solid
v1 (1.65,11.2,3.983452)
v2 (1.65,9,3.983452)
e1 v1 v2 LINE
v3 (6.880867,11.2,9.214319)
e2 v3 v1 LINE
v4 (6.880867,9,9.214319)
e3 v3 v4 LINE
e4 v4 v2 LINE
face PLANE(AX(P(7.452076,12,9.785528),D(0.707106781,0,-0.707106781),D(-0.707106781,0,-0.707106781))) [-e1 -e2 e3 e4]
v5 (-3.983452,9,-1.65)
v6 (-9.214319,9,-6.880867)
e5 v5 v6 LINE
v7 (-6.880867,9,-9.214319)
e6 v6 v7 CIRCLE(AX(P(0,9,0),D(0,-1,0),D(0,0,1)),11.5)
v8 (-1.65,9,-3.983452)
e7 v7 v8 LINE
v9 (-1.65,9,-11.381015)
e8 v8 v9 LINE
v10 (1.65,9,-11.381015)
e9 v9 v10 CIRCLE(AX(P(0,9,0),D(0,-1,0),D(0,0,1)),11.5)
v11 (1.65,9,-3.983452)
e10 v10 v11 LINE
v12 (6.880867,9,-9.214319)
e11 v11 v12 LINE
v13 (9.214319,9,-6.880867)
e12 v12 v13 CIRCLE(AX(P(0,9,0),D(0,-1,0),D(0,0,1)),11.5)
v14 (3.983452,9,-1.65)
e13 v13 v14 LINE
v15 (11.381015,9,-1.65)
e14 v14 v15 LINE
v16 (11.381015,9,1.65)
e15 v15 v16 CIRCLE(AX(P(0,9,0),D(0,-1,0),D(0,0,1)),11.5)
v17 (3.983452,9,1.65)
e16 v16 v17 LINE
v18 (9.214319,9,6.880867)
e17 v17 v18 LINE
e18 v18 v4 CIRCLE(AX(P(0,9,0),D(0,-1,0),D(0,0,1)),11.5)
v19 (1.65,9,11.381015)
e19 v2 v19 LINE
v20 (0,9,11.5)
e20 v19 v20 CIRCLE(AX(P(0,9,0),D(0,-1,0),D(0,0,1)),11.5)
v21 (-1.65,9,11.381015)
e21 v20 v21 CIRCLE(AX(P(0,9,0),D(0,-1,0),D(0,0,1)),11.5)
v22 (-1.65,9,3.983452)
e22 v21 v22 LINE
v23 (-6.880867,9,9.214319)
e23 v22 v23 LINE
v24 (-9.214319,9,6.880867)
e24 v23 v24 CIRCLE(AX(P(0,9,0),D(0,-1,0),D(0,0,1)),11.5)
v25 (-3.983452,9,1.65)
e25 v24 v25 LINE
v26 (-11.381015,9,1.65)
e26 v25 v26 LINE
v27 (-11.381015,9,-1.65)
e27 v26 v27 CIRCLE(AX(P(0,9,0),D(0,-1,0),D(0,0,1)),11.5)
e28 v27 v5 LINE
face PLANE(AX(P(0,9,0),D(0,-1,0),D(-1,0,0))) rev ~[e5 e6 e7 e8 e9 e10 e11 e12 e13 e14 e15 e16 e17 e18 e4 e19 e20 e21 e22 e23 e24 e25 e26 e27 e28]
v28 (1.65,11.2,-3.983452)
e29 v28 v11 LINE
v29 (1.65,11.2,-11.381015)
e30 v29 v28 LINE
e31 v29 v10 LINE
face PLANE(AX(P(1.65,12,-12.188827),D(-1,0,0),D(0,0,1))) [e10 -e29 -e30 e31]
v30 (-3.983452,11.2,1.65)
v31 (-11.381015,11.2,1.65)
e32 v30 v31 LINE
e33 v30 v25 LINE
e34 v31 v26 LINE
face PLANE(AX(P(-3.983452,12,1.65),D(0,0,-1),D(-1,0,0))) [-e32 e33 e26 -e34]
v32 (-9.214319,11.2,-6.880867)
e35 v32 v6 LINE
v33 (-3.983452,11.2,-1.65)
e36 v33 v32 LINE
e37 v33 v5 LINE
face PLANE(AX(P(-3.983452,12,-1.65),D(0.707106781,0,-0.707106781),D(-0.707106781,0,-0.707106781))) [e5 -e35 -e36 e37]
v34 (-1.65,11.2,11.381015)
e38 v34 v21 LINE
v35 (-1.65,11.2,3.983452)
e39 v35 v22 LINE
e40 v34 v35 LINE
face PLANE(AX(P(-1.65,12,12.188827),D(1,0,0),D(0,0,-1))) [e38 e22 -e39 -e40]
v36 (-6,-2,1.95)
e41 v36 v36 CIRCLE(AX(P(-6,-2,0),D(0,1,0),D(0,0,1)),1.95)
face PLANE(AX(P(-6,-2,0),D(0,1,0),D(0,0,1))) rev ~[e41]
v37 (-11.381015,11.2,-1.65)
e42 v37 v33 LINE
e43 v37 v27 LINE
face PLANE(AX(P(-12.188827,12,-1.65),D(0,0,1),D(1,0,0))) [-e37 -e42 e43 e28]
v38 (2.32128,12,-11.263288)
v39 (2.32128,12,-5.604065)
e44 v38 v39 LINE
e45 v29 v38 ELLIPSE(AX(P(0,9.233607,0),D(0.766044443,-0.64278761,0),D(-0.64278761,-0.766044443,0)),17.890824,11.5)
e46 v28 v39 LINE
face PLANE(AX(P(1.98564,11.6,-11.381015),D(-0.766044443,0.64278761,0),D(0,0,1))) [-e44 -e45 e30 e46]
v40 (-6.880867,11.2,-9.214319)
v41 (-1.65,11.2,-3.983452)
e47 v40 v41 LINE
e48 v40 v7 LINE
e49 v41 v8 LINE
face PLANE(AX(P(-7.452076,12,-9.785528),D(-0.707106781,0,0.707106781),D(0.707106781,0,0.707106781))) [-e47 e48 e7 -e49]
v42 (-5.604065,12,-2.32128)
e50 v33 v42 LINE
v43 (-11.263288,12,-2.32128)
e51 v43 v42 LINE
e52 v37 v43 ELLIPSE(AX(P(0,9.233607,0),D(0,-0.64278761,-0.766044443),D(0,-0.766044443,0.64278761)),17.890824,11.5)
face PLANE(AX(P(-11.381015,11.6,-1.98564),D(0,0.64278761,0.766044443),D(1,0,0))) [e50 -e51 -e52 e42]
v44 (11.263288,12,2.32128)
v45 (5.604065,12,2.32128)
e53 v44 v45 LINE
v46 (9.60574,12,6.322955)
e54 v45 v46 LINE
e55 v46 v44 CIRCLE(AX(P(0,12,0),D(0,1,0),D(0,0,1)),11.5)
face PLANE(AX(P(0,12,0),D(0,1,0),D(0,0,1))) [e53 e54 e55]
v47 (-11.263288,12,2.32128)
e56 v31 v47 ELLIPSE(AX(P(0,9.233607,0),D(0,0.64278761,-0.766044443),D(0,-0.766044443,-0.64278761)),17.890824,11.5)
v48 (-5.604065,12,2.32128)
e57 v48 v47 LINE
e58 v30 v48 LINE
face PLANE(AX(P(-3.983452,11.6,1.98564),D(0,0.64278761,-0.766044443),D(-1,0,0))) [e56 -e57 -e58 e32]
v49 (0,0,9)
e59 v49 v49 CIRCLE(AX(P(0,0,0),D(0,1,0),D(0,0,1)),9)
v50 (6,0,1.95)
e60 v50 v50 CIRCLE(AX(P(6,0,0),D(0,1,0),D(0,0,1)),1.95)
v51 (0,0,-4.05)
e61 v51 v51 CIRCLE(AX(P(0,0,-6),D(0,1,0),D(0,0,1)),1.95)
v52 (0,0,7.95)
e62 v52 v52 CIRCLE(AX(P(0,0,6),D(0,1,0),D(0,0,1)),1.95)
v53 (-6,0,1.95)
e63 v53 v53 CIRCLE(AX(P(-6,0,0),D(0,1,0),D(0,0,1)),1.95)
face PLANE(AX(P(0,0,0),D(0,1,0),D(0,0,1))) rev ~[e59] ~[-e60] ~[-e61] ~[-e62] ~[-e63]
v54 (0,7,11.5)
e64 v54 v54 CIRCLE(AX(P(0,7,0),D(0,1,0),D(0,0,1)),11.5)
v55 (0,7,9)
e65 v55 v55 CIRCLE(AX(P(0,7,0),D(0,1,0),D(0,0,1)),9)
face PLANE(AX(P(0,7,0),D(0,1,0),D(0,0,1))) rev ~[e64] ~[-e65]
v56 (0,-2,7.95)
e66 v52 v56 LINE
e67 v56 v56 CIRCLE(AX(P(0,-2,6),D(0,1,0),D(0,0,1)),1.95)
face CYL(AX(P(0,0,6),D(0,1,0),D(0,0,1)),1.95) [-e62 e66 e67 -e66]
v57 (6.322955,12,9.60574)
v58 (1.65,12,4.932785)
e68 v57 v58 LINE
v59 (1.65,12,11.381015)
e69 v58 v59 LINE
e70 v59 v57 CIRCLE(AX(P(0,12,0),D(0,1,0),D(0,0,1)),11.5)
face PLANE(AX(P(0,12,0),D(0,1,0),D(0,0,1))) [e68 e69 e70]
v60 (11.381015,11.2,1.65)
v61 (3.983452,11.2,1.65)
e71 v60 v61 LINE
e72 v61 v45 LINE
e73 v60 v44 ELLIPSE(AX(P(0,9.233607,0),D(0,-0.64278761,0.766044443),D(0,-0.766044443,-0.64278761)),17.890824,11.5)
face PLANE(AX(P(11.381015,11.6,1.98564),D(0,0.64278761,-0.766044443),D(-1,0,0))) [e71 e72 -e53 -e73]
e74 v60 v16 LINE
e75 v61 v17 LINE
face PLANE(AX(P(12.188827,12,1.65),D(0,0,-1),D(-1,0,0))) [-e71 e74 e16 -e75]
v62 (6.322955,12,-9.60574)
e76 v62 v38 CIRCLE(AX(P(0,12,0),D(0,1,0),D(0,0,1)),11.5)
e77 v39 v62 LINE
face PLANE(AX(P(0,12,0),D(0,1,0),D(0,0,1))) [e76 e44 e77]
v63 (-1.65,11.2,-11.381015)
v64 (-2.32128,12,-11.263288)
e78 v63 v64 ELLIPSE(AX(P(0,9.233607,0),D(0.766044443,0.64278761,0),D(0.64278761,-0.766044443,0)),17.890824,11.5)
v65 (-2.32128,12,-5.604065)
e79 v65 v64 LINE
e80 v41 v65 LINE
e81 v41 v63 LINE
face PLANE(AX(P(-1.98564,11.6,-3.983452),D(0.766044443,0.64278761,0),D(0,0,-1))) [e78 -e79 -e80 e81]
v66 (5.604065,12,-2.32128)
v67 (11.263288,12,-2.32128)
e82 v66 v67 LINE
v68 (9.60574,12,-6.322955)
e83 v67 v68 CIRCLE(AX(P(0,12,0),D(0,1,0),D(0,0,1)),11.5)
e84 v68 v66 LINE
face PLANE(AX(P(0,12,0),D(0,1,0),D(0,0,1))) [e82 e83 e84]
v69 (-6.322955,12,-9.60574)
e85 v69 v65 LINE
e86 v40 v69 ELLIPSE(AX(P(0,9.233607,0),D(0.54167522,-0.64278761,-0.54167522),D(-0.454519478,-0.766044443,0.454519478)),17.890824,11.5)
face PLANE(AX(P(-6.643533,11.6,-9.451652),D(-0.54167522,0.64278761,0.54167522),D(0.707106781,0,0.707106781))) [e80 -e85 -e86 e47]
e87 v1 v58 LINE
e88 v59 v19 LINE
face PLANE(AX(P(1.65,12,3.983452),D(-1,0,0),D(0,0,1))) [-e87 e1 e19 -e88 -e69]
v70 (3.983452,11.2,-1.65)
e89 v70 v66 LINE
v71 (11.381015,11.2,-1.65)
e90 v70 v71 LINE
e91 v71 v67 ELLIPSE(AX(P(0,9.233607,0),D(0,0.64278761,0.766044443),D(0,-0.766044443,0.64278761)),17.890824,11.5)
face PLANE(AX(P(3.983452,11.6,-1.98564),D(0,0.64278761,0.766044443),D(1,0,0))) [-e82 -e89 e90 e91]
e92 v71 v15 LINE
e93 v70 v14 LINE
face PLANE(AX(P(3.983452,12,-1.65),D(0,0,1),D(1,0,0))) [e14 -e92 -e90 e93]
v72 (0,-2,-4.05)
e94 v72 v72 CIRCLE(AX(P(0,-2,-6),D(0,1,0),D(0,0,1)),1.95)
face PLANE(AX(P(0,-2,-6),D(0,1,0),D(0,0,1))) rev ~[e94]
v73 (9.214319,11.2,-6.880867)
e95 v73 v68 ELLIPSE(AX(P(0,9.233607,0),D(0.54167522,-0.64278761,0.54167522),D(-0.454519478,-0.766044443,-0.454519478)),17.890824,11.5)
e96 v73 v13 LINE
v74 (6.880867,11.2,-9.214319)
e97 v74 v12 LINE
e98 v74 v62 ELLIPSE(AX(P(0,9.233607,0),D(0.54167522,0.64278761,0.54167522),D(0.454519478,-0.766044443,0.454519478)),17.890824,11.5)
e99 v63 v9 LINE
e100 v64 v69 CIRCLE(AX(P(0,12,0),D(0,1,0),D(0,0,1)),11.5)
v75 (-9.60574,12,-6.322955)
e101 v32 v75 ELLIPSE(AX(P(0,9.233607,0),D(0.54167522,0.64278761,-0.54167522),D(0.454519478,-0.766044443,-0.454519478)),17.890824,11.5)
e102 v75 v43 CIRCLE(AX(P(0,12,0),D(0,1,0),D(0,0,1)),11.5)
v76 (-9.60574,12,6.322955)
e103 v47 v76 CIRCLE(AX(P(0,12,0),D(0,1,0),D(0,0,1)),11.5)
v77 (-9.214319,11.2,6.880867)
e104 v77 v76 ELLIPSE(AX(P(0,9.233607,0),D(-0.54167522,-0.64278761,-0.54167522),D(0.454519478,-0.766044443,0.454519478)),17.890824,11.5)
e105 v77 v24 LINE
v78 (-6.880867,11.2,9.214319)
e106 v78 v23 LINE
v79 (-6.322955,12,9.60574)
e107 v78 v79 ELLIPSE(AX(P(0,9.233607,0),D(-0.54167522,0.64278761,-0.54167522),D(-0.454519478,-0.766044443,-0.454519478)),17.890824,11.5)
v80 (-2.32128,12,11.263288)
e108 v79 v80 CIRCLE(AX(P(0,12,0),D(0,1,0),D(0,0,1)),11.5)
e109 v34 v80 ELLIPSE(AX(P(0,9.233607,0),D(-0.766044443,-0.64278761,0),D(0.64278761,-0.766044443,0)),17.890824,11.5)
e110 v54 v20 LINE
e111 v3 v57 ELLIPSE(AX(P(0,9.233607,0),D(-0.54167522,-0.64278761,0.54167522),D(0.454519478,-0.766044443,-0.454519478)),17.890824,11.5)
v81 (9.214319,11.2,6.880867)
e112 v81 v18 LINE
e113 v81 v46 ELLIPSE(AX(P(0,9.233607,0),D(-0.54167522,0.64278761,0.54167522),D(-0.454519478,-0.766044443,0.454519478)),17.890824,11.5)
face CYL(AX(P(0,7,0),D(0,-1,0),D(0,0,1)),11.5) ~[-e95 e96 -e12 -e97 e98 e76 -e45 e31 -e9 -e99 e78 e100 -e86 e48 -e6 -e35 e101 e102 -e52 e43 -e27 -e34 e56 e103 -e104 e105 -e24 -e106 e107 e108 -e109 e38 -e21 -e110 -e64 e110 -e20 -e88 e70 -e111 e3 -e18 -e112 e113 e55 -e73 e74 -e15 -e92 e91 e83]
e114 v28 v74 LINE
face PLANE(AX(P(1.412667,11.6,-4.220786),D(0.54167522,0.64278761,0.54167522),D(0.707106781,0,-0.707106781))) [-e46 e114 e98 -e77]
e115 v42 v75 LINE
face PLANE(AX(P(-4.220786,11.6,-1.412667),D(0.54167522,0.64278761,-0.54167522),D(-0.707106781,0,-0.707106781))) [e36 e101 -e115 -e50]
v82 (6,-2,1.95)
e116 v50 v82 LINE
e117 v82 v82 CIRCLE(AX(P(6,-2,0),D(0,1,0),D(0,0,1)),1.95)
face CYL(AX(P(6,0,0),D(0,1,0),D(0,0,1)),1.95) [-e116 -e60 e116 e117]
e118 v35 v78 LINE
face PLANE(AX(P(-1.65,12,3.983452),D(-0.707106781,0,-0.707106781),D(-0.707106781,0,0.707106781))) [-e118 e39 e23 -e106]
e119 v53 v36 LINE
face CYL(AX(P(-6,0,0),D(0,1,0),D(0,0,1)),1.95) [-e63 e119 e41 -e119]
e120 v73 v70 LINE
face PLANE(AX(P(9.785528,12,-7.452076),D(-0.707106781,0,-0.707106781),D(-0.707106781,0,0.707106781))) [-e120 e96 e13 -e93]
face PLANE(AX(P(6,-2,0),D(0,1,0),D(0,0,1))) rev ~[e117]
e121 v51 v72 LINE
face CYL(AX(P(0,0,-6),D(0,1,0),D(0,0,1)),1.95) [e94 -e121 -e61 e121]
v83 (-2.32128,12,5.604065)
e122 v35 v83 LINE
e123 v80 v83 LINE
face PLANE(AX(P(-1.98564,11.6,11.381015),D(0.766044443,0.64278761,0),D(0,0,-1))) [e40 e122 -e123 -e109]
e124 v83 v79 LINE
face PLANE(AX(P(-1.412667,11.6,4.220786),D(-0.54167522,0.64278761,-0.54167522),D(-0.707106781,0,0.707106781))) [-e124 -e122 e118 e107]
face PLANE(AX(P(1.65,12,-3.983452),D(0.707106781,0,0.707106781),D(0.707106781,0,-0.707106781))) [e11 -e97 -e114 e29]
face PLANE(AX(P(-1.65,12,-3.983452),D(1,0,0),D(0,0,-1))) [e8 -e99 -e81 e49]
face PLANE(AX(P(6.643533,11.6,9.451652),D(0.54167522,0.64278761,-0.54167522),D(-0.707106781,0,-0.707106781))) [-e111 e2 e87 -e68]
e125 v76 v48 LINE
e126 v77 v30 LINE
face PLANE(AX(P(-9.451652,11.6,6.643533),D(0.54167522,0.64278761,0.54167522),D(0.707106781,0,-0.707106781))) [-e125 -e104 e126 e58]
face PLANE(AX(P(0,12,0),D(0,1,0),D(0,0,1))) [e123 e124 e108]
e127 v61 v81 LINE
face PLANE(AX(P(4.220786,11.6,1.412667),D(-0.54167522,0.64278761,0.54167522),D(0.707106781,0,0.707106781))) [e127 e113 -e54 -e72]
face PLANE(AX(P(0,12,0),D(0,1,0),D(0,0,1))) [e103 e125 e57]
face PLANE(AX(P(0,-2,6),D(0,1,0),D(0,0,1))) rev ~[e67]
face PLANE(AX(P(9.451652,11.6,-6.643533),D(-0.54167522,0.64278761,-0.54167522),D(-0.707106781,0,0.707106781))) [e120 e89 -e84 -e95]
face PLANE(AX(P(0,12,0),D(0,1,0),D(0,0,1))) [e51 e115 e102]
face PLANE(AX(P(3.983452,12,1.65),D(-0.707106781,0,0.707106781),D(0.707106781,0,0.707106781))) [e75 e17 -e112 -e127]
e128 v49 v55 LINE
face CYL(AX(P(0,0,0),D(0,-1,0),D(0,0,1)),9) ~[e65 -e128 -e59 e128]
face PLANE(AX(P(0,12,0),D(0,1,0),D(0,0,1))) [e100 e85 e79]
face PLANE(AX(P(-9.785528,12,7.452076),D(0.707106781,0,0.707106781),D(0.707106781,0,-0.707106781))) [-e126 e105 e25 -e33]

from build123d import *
from OCP.BRepFilletAPI import BRepFilletAPI_MakeChamfer

# Parameters (mm, degrees)
SKETCH1_R           = 9
BOSS_EXTRUDE1_DEPTH = 12
SKETCH1_3_R         = 1.95
BOSS_EXTRUDE2_DEPTH = 2
BOSS_EXTRUDE3_START = -5
SKETCH4_R           = 11.5
SKETCH4_R_2         = 9
BOSS_EXTRUDE3_DEPTH = 5
CUT_EXTRUDE2_DEPTH  = 3
CHAMFER1_SIZE       = 0.8
CHAMFER1_SIZE2      = 0.671279705


with BuildPart() as part:
    # Sketch1 → Boss-Extrude1 (new body)
    with BuildSketch(Plane(origin=(0, 0, 0), x_dir=(1, 0, 0), z_dir=(0, 1, 0))):
        Circle(SKETCH1_R)
    extrude(amount=BOSS_EXTRUDE1_DEPTH)

    # Sketch1<3> → Boss-Extrude2 (add)
    with BuildSketch(Plane(origin=(0, 0, 0), x_dir=(1, 0, 0), z_dir=(0, 1, 0))):
        with Locations((-6, 0)):
            Circle(SKETCH1_3_R)
        with Locations((0, 6)):
            Circle(SKETCH1_3_R)
        with Locations((6, 0)):
            Circle(SKETCH1_3_R)
        with Locations((0, -6)):
            Circle(SKETCH1_3_R)
    extrude(amount=-BOSS_EXTRUDE2_DEPTH)

    # Sketch4 → Boss-Extrude3 (add)
    with BuildSketch(Plane(origin=(0, 12, 0), x_dir=(1, 0, 0), z_dir=(0, 1, 0)).offset(BOSS_EXTRUDE3_START)):
        Circle(SKETCH4_R)
        Circle(SKETCH4_R_2, mode=Mode.SUBTRACT)
    extrude(amount=BOSS_EXTRUDE3_DEPTH)

    # Sketch3 → Cut-Extrude2 (cut)
    with BuildSketch(Plane(origin=(0, 12, 0), x_dir=(1, 0, 0), z_dir=(0, 1, 0))):
        with BuildLine():
            Line((1.65, 3.983452378), (1.65, 12.188826851))
            ThreePointArc((1.65, 12.188826851), (0, 12.3), (-1.65, 12.188826851))
            Line((-1.65, 12.188826851), (-1.65, 3.983452378))
            Line((-1.65, 3.983452378), (-7.452075932, 9.78552831))
            ThreePointArc((-7.452075932, 9.78552831), (-8.697413409, 8.697413409), (-9.78552831, 7.452075932))
            Line((-9.78552831, 7.452075932), (-3.983452378, 1.65))
            Line((-3.983452378, 1.65), (-12.188826851, 1.65))
            ThreePointArc((-12.188826851, 1.65), (-12.3, 0), (-12.188826851, -1.65))
            Line((-12.188826851, -1.65), (-3.983452378, -1.65))
            Line((-3.983452378, -1.65), (-9.78552831, -7.452075932))
            ThreePointArc((-9.78552831, -7.452075932), (-8.697413409, -8.697413409), (-7.452075932, -9.78552831))
            Line((-7.452075932, -9.78552831), (-1.65, -3.983452378))
            Line((-1.65, -3.983452378), (-1.65, -12.188826851))
            ThreePointArc((-1.65, -12.188826851), (0, -12.3), (1.65, -12.188826851))
            Line((1.65, -12.188826851), (1.65, -3.983452378))
            Line((1.65, -3.983452378), (7.452075932, -9.78552831))
            ThreePointArc((7.452075932, -9.78552831), (8.697413409, -8.697413409), (9.78552831, -7.452075932))
            Line((9.78552831, -7.452075932), (3.983452378, -1.65))
            Line((3.983452378, -1.65), (12.188826851, -1.65))
            ThreePointArc((12.188826851, -1.65), (12.27217524, -0.826870526), (12.3, 0))
            ThreePointArc((12.3, 0), (12.27217524, 0.826870526), (12.188826851, 1.65))
            Line((12.188826851, 1.65), (3.983452378, 1.65))
            Line((3.983452378, 1.65), (9.78552831, 7.452075932))
            ThreePointArc((9.78552831, 7.452075932), (8.697413409, 8.697413409), (7.452075932, 9.78552831))
            Line((7.452075932, 9.78552831), (1.65, 3.983452378))
        make_face()
    extrude(amount=-CUT_EXTRUDE2_DEPTH, mode=Mode.SUBTRACT)

    # Chamfer1: one chamfer whose edges measure the first distance from different faces: ONE call of the kernel's chamfer builder (chamfer() names one face for all edges)
    chamfer1_edges_1 = [part.edges().sort_by_distance(p)[0] for p in [
        (-7.682233636, 12, 1.65),
    ]]
    chamfer1_side_1 = [part.faces().sort_by_distance(p)[0] for p in [
        (-7.682233636, 10.5, 1.65),
    ]]
    chamfer1_edges_2 = [part.edges().sort_by_distance(p)[0] for p in [
        (-6.598885687, 12, 4.265433309),
    ]]
    chamfer1_side_2 = [part.faces().sort_by_distance(p)[0] for p in [
        (-6.598885687, 10.5, 4.265433309),
    ]]
    chamfer1_edges_3 = [part.edges().sort_by_distance(p)[0] for p in [
        (-4.265433309, 12, 6.598885687),
    ]]
    chamfer1_side_3 = [part.faces().sort_by_distance(p)[0] for p in [
        (-4.265433309, 10.5, 6.598885687),
    ]]
    chamfer1_edges_4 = [part.edges().sort_by_distance(p)[0] for p in [
        (-1.65, 12, 7.682233636),
    ]]
    chamfer1_side_4 = [part.faces().sort_by_distance(p)[0] for p in [
        (-1.65, 10.5, 7.682233636),
    ]]
    chamfer1_edges_5 = [part.edges().sort_by_distance(p)[0] for p in [
        (4.265433309, 12, 6.598885687),
    ]]
    chamfer1_side_5 = [part.faces().sort_by_distance(p)[0] for p in [
        (4.265433309, 10.5, 6.598885687),
    ]]
    chamfer1_edges_6 = [part.edges().sort_by_distance(p)[0] for p in [
        (6.598885687, 12, 4.265433309),
    ]]
    chamfer1_side_6 = [part.faces().sort_by_distance(p)[0] for p in [
        (6.598885687, 10.5, 4.265433309),
    ]]
    chamfer1_edges_7 = [part.edges().sort_by_distance(p)[0] for p in [
        (7.682233636, 12, 1.65),
    ]]
    chamfer1_side_7 = [part.faces().sort_by_distance(p)[0] for p in [
        (7.682233636, 10.5, 1.65),
    ]]
    chamfer1_edges_8 = [part.edges().sort_by_distance(p)[0] for p in [
        (7.682233636, 12, -1.65),
    ]]
    chamfer1_side_8 = [part.faces().sort_by_distance(p)[0] for p in [
        (7.682233636, 10.5, -1.65),
    ]]
    chamfer1_edges_9 = [part.edges().sort_by_distance(p)[0] for p in [
        (6.598885687, 12, -4.265433309),
    ]]
    chamfer1_side_9 = [part.faces().sort_by_distance(p)[0] for p in [
        (6.598885687, 10.5, -4.265433309),
    ]]
    chamfer1_edges_10 = [part.edges().sort_by_distance(p)[0] for p in [
        (4.265433309, 12, -6.598885687),
    ]]
    chamfer1_side_10 = [part.faces().sort_by_distance(p)[0] for p in [
        (4.265433309, 10.5, -6.598885687),
    ]]
    chamfer1_edges_11 = [part.edges().sort_by_distance(p)[0] for p in [
        (1.65, 12, -7.682233636),
    ]]
    chamfer1_side_11 = [part.faces().sort_by_distance(p)[0] for p in [
        (1.65, 10.5, -7.682233636),
    ]]
    chamfer1_edges_12 = [part.edges().sort_by_distance(p)[0] for p in [
        (-1.65, 12, -7.682233636),
    ]]
    chamfer1_side_12 = [part.faces().sort_by_distance(p)[0] for p in [
        (-1.65, 10.5, -7.682233636),
    ]]
    chamfer1_edges_13 = [part.edges().sort_by_distance(p)[0] for p in [
        (-4.265433309, 12, -6.598885687),
    ]]
    chamfer1_side_13 = [part.faces().sort_by_distance(p)[0] for p in [
        (-4.265433309, 10.5, -6.598885687),
    ]]
    chamfer1_edges_14 = [part.edges().sort_by_distance(p)[0] for p in [
        (-7.682233636, 12, -1.65),
    ]]
    chamfer1_side_14 = [part.faces().sort_by_distance(p)[0] for p in [
        (-7.682233636, 10.5, -1.65),
    ]]
    chamfer1_edges_15 = [part.edges().sort_by_distance(p)[0] for p in [
        (-6.598885687, 12, -4.265433309),
    ]]
    chamfer1_side_15 = [part.faces().sort_by_distance(p)[0] for p in [
        (-6.598885687, 10.5, -4.265433309),
    ]]
    chamfer1 = BRepFilletAPI_MakeChamfer(part.part.solid().wrapped)
    for e in chamfer1_edges_1:
        chamfer1.Add(CHAMFER1_SIZE, CHAMFER1_SIZE2, e.wrapped, chamfer1_side_1[0].wrapped)  # the first distance lies on this face
    for e in chamfer1_edges_2:
        chamfer1.Add(CHAMFER1_SIZE, CHAMFER1_SIZE2, e.wrapped, chamfer1_side_2[0].wrapped)  # the first distance lies on this face
    for e in chamfer1_edges_3:
        chamfer1.Add(CHAMFER1_SIZE, CHAMFER1_SIZE2, e.wrapped, chamfer1_side_3[0].wrapped)  # the first distance lies on this face
    for e in chamfer1_edges_4:
        chamfer1.Add(CHAMFER1_SIZE, CHAMFER1_SIZE2, e.wrapped, chamfer1_side_4[0].wrapped)  # the first distance lies on this face
    for e in chamfer1_edges_5:
        chamfer1.Add(CHAMFER1_SIZE, CHAMFER1_SIZE2, e.wrapped, chamfer1_side_5[0].wrapped)  # the first distance lies on this face
    for e in chamfer1_edges_6:
        chamfer1.Add(CHAMFER1_SIZE, CHAMFER1_SIZE2, e.wrapped, chamfer1_side_6[0].wrapped)  # the first distance lies on this face
    for e in chamfer1_edges_7:
        chamfer1.Add(CHAMFER1_SIZE, CHAMFER1_SIZE2, e.wrapped, chamfer1_side_7[0].wrapped)  # the first distance lies on this face
    for e in chamfer1_edges_8:
        chamfer1.Add(CHAMFER1_SIZE, CHAMFER1_SIZE2, e.wrapped, chamfer1_side_8[0].wrapped)  # the first distance lies on this face
    for e in chamfer1_edges_9:
        chamfer1.Add(CHAMFER1_SIZE, CHAMFER1_SIZE2, e.wrapped, chamfer1_side_9[0].wrapped)  # the first distance lies on this face
    for e in chamfer1_edges_10:
        chamfer1.Add(CHAMFER1_SIZE, CHAMFER1_SIZE2, e.wrapped, chamfer1_side_10[0].wrapped)  # the first distance lies on this face
    for e in chamfer1_edges_11:
        chamfer1.Add(CHAMFER1_SIZE, CHAMFER1_SIZE2, e.wrapped, chamfer1_side_11[0].wrapped)  # the first distance lies on this face
    for e in chamfer1_edges_12:
        chamfer1.Add(CHAMFER1_SIZE, CHAMFER1_SIZE2, e.wrapped, chamfer1_side_12[0].wrapped)  # the first distance lies on this face
    for e in chamfer1_edges_13:
        chamfer1.Add(CHAMFER1_SIZE, CHAMFER1_SIZE2, e.wrapped, chamfer1_side_13[0].wrapped)  # the first distance lies on this face
    for e in chamfer1_edges_14:
        chamfer1.Add(CHAMFER1_SIZE, CHAMFER1_SIZE2, e.wrapped, chamfer1_side_14[0].wrapped)  # the first distance lies on this face
    for e in chamfer1_edges_15:
        chamfer1.Add(CHAMFER1_SIZE, CHAMFER1_SIZE2, e.wrapped, chamfer1_side_15[0].wrapped)  # the first distance lies on this face
    add(Compound.cast(chamfer1.Shape()), mode=Mode.REPLACE)


solid = part.part
